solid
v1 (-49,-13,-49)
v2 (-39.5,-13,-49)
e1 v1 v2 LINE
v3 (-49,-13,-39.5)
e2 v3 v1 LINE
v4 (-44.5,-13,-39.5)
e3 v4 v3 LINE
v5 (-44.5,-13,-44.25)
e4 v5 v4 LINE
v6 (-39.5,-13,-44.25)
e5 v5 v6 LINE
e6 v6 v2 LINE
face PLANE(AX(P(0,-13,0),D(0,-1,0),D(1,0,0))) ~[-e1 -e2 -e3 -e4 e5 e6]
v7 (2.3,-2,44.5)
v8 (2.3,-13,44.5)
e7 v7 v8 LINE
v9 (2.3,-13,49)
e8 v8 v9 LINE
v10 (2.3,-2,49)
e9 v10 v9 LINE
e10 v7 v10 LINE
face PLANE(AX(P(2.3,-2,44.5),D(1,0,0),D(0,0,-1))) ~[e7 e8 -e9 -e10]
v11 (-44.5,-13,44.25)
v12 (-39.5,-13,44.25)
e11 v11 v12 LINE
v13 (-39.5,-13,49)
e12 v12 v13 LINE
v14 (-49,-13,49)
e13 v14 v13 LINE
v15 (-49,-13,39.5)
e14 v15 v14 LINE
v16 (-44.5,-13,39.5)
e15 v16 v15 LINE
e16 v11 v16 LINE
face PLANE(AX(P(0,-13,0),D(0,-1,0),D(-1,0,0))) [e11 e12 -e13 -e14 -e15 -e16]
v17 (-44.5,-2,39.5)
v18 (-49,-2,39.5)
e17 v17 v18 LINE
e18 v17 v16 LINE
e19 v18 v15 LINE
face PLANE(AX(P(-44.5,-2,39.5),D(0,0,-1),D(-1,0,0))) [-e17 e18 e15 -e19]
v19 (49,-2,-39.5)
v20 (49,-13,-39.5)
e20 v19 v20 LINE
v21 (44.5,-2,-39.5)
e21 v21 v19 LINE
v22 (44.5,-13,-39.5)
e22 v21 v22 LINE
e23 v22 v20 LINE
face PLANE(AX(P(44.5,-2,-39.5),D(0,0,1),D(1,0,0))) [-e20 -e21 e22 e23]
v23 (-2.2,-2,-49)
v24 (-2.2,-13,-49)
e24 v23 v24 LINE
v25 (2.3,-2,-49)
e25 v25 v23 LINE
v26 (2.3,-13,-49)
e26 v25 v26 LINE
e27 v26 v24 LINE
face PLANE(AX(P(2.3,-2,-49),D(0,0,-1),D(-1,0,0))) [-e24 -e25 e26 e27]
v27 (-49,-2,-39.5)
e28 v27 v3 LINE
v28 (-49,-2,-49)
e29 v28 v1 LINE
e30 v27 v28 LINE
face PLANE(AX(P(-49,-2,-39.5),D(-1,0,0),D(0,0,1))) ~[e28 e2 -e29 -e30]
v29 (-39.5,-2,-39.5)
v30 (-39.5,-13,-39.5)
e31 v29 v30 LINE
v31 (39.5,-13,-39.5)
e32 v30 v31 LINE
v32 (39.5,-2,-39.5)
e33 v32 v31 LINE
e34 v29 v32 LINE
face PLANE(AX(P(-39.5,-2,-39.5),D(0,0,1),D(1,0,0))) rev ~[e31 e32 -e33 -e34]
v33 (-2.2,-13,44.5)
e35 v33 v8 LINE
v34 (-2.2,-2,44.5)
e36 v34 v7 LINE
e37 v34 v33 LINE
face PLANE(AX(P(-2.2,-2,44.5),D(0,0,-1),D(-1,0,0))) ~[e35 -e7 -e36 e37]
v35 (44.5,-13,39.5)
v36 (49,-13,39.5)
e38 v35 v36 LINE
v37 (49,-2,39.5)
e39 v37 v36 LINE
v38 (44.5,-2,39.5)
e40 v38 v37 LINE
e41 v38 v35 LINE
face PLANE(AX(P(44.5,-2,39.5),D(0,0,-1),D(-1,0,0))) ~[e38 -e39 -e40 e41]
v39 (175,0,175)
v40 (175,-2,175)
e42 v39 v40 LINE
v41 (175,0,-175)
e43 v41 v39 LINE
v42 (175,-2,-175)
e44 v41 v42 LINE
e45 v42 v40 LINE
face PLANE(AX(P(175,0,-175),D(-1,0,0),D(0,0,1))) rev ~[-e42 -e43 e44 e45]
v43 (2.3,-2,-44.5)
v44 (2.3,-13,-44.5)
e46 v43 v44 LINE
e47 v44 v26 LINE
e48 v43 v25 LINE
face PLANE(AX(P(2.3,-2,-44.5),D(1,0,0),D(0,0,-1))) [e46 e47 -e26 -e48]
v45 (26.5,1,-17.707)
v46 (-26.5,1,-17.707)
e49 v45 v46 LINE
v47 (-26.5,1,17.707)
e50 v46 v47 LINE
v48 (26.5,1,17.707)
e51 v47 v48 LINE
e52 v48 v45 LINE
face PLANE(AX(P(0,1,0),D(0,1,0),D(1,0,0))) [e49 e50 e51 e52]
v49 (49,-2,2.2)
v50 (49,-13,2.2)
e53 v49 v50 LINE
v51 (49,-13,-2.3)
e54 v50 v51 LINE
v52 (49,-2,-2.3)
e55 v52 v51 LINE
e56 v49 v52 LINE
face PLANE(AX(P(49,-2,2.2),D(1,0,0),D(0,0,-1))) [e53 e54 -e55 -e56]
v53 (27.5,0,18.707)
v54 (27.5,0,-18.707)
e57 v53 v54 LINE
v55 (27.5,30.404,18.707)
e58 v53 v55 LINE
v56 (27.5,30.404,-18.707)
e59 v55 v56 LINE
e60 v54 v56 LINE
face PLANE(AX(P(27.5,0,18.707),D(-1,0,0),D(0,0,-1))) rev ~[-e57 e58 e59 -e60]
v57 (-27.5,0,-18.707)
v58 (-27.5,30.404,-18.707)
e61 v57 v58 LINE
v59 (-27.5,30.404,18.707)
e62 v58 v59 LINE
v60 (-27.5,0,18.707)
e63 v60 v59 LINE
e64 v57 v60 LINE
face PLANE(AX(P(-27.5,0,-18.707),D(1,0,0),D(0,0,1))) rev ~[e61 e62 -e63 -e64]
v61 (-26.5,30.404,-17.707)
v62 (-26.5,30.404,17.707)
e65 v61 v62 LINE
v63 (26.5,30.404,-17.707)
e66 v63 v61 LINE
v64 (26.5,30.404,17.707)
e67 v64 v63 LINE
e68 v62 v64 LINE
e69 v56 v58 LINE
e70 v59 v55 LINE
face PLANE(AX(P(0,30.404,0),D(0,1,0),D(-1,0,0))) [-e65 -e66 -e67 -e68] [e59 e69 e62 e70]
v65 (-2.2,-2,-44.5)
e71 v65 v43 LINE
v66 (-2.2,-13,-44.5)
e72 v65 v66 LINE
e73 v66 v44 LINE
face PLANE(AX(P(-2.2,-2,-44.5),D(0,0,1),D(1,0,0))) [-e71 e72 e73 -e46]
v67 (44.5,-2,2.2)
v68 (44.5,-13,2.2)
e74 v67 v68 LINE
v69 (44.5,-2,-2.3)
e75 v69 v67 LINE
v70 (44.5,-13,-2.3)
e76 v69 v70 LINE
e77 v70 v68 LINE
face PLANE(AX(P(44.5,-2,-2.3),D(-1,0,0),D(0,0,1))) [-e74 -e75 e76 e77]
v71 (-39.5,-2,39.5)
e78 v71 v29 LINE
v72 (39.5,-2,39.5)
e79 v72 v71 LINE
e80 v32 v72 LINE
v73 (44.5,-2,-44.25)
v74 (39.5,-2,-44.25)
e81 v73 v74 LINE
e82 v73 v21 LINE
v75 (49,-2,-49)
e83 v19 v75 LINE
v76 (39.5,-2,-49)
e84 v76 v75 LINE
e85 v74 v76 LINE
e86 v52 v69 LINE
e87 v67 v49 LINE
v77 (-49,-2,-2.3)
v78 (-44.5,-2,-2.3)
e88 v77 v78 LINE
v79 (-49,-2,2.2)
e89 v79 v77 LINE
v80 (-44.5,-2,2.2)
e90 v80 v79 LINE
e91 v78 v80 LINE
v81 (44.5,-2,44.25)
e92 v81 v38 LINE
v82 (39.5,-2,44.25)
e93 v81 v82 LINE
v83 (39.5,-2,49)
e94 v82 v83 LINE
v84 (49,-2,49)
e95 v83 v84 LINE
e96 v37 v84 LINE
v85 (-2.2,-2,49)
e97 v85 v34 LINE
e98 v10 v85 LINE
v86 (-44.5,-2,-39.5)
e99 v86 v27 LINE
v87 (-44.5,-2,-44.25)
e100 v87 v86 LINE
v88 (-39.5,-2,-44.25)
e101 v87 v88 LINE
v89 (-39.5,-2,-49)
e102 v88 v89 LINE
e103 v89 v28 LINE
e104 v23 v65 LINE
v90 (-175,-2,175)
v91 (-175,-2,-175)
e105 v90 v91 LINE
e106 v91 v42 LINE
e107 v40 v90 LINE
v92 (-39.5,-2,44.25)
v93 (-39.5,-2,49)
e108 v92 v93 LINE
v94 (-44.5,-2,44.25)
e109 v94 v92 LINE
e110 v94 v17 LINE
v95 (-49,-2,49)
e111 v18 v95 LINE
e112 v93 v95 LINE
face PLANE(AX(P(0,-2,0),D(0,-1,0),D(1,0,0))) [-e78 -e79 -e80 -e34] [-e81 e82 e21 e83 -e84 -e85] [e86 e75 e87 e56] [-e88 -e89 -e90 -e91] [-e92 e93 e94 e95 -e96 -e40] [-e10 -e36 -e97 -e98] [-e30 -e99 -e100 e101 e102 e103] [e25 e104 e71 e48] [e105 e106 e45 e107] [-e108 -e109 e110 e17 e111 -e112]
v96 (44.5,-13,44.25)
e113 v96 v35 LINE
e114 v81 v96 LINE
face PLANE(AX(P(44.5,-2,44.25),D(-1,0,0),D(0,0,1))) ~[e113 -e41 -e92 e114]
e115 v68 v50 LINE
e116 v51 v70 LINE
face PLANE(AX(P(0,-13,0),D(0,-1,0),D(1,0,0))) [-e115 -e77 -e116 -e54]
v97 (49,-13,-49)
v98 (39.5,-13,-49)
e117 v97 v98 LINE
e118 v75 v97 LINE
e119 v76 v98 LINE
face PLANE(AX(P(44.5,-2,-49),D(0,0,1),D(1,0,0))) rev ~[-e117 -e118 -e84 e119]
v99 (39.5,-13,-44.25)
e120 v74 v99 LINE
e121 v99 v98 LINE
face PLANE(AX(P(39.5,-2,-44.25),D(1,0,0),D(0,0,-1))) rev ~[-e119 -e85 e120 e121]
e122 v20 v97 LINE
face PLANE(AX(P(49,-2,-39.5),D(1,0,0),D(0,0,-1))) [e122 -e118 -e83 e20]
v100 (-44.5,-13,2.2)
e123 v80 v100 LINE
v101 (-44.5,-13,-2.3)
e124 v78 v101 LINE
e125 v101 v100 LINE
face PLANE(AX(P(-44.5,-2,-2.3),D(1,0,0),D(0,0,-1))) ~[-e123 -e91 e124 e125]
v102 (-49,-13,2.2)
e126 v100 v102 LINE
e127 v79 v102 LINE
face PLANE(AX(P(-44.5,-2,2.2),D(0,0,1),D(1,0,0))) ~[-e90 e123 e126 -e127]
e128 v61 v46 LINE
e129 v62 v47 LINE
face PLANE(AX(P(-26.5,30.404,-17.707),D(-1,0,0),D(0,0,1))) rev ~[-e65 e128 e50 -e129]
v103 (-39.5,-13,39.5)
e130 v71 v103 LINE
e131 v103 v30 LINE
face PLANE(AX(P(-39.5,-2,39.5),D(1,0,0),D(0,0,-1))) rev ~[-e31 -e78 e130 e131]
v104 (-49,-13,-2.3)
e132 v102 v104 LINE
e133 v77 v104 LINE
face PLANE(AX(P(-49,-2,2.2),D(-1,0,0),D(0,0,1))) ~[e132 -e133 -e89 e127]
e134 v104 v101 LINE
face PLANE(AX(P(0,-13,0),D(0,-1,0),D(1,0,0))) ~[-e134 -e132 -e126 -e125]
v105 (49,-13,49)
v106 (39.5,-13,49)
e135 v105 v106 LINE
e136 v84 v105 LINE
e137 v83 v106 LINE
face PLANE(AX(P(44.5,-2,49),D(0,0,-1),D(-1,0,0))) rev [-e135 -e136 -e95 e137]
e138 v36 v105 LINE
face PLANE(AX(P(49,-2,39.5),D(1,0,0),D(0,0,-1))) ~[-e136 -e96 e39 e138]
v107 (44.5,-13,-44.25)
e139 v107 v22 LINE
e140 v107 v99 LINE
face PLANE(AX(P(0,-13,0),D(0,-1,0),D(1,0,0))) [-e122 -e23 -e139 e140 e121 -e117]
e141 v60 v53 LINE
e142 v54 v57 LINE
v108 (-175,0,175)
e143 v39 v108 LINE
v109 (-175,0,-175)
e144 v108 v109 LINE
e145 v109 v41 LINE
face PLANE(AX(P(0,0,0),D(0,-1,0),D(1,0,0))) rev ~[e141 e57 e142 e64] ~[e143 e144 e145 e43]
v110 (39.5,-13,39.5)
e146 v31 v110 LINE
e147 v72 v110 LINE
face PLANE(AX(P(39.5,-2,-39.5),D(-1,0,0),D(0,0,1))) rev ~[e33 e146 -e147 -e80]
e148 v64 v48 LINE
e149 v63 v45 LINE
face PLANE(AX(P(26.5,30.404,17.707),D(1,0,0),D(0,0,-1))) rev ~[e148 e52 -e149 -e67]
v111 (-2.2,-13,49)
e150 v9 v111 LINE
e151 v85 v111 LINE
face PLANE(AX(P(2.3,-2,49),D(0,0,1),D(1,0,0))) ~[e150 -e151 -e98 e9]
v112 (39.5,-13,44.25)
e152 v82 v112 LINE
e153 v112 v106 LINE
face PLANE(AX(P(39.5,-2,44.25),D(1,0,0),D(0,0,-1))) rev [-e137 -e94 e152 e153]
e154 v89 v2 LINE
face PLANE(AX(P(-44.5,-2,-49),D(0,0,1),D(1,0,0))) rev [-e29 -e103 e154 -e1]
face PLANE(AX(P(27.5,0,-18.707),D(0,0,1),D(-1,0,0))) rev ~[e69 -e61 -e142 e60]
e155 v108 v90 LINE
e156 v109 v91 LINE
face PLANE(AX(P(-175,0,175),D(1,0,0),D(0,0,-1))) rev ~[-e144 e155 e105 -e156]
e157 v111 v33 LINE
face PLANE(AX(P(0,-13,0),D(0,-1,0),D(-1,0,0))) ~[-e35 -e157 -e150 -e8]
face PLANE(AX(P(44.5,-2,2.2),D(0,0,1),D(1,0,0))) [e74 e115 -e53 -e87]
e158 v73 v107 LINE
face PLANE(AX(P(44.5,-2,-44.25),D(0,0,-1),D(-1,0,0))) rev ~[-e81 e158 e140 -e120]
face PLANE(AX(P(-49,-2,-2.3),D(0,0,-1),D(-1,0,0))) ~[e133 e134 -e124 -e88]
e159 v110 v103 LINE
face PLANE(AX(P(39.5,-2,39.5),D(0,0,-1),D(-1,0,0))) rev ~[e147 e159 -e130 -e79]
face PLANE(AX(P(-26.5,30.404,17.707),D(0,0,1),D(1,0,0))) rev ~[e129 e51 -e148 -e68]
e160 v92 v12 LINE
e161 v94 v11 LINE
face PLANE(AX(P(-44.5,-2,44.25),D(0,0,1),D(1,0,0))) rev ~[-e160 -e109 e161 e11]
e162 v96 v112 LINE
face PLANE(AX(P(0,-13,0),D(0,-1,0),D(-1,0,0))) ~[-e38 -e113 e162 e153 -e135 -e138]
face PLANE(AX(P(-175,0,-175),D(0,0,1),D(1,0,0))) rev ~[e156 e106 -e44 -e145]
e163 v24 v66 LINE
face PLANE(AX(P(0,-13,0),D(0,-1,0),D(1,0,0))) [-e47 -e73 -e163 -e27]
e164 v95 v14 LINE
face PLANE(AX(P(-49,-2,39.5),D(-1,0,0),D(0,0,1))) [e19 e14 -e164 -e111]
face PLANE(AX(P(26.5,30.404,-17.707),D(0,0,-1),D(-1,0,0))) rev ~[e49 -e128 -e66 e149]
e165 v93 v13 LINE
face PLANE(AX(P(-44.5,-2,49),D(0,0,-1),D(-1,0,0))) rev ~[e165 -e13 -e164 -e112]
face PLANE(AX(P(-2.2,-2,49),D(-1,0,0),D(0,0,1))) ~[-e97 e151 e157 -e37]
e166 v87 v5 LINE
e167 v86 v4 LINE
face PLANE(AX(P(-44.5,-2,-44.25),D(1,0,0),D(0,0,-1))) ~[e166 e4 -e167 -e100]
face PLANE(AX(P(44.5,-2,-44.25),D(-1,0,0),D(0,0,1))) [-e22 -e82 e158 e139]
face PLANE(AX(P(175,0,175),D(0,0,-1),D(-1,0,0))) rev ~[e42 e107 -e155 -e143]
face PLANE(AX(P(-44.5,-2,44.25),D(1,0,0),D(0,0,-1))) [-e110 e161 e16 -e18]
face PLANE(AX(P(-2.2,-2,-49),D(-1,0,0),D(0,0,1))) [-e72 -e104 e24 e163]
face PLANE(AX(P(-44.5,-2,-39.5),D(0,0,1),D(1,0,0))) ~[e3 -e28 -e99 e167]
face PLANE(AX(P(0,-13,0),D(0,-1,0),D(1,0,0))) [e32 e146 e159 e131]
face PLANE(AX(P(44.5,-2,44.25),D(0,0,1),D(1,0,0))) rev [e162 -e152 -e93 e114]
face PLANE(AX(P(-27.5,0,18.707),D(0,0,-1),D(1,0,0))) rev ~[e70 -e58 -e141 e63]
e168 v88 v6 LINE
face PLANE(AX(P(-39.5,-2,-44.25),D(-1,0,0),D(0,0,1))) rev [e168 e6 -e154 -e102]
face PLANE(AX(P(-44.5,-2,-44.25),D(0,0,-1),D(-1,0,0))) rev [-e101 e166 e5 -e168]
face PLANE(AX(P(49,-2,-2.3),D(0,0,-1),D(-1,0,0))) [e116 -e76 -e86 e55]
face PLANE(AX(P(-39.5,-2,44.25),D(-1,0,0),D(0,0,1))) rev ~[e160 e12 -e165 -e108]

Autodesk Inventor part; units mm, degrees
ref_plane "YZ Plane" through (0, 0, 0) normal (1, 0, 0) x (0, 1, 0)
ref_plane "XZ Plane" through (0, 0, 0) normal (0, 1, 0) x (-1, 0, 0)
ref_plane "XY Plane" through (0, 0, 0) normal (0, 0, 1) x (1, 0, 0)
sketch "Sketch1" plane through (0, 0, 0) normal (0, 1, 0) x (-1, 0, 0)
  line L0 (27.5, 18.707) -> (-27.5, 18.707)
  line L1 (-27.5, 18.707) -> (-27.5, -18.707)
  line L2 (-27.5, -18.707) -> (27.5, -18.707)
  line L3 (27.5, -18.707) -> (27.5, 18.707)
  line L4 (27.5, 18.707) -> (-27.5, -18.707) construction
  line L5 (-27.5, 18.707) -> (27.5, -18.707) construction
  point P0 (0, 0)
  dimension "d0" = 37.414
  dimension "d1" = 55
extrude "Extrusion1" add sketch "Sketch1" along normal blind 30.404
sketch "Sketch2" plane through (0, 30.404, 0) normal (0, 1, 0) x (1, 0, 0)
  line L0 (-26.5, -17.707) -> (26.5, -17.707)
  line L1 (26.5, -17.707) -> (26.5, 17.707)
  line L2 (26.5, 17.707) -> (-26.5, 17.707)
  line L3 (-26.5, 17.707) -> (-26.5, -17.707)
  line L4 (-26.5, -17.707) -> (26.5, 17.707) construction
  line L5 (26.5, -17.707) -> (-26.5, 17.707) construction
  point P0 (0, 0)
  dimension "d4" = 35.414
  dimension "d5" = 53
extrude "Extrusion2" cut sketch "Sketch2" against normal blind 29.404
sketch "Sketch6" plane through (0, 0, 0) normal (0, -1, 0) x (1, 0, 0)
  line L0 (175, 175) -> (-175, 175)
  line L1 (-175, 175) -> (-175, -175)
  line L2 (-175, -175) -> (175, -175)
  line L3 (175, -175) -> (175, 175)
  line L4 (175, 175) -> (-175, -175) construction
  line L5 (-175, 175) -> (175, -175) construction
  point P0 (0, 0)
  dimension "d19" = 350
  dimension "d20" = 350
extrude "Extrusion4" add sketch "Sketch6" along normal blind 2
sketch "Sketch7" plane through (0, -2, 0) normal (0, -1, 0) x (1, 0, 0)
  line L0 (39.5, 39.5) -> (-39.5, 39.5)
  line L1 (-39.5, 39.5) -> (-39.5, -39.5)
  line L2 (-39.5, -39.5) -> (39.5, -39.5)
  line L3 (39.5, -39.5) -> (39.5, 39.5)
  line L4 (39.5, 39.5) -> (-39.5, -39.5) construction
  line L5 (-39.5, 39.5) -> (39.5, -39.5) construction
  point P0 (0, 0)
  dimension "d23" = 79
  dimension "d24" = 79
extrude "Extrusion5" add sketch "Sketch7" along normal blind 11
sketch "Sketch8" plane through (0, -2, 0) normal (0, -1, 0) x (1, 0, 0)
  line L0 (2.3, -49) -> (-2.2, -49)
  line L1 (-2.2, -49) -> (-2.2, -44.5)
  line L2 (-2.2, -44.5) -> (2.3, -44.5)
  line L3 (2.3, -44.5) -> (2.3, -49)
  line L4 (2.3, -49) -> (-2.2, -44.5) construction
  line L5 (-2.2, -49) -> (2.3, -44.5) construction
  line L6 (-39.5, -39.5) -> (39.5, -39.5) projected
  line L7 (-175, 175) -> (-175, -175) projected
  point P0 (0, 0)
  point P1 (0.05, -46.75)
  dimension "d27" = 5
  dimension "d28" = 4.5
  dimension "d29" = 4.5
  dimension "d30" = 172.8
extrude "Extrusion6" add sketch "Sketch8" along normal blind 11
mirror "Mirror1" about plane through (0, 0, 0) normal (0, 0, 1) of "Extrusion6"
sketch "Sketch9" plane through (0, -2, 0) normal (0, -1, 0) x (1, 0, 0)
  line L0 (49, -2.3) -> (44.5, -2.3)
  line L1 (44.5, -2.3) -> (44.5, 2.2)
  line L2 (44.5, 2.2) -> (49, 2.2)
  line L3 (49, 2.2) -> (49, -2.3)
  line L4 (49, -2.3) -> (44.5, 2.2) construction
  line L5 (44.5, -2.3) -> (49, 2.2) construction
  line L6 (39.5, -39.5) -> (39.5, 39.5) projected
  line L7 (175, 175) -> (-175, 175) projected
  point P0 (0, 0)
  point P1 (46.75, -0.05)
  dimension "d33" = 5
  dimension "d34" = 4.5
  dimension "d35" = 4.5
  dimension "d36" = 172.8
extrude "Extrusion7" add sketch "Sketch9" along normal blind 11
mirror "Mirror2" about plane through (0, 0, 0) normal (1, 0, 0) of "Extrusion7"
sketch "Sketch10" plane through (0, -2, 0) normal (0, -1, 0) x (1, 0, 0)
  line L0 (49, 2.2) -> (49, -2.3) projected
  line L1 (49, -2.3) -> (49, -53.869)
  line L2 (2.3, -49) -> (58.6283, -49)
  line L3 (49, -49) -> (44.5, -49)
  line L4 (44.5, -49) -> (44.5, -39.5)
  line L5 (44.5, -39.5) -> (49, -39.5)
  line L6 (49, -39.5) -> (49, -49)
  line L7 (44.5, -44.25) -> (39.5, -44.25)
  line L8 (39.5, -44.25) -> (39.5, -49)
  line L9 (39.5, -49) -> (44.5, -49)
  line L10 (44.5, -49) -> (44.5, -44.25)
  point P0 (0, 0)
  dimension "d39" = 9.5
  dimension "d40" = 4.5
  dimension "d41" = 5
  dimension "d42" = 4.75
extrude "Extrusion8" add sketch "Sketch10" along normal blind 11
mirror "Mirror3" about plane through (0, 0, 0) normal (0, 0, 1) of "Extrusion8"
mirror "Mirror4" about plane through (0, 0, 0) normal (1, 0, 0) of "Extrusion8", "Mirror3"
properties part number "Motor-support_chassis-fit_hold-wheels_spencermical_ENES100-OSV"
